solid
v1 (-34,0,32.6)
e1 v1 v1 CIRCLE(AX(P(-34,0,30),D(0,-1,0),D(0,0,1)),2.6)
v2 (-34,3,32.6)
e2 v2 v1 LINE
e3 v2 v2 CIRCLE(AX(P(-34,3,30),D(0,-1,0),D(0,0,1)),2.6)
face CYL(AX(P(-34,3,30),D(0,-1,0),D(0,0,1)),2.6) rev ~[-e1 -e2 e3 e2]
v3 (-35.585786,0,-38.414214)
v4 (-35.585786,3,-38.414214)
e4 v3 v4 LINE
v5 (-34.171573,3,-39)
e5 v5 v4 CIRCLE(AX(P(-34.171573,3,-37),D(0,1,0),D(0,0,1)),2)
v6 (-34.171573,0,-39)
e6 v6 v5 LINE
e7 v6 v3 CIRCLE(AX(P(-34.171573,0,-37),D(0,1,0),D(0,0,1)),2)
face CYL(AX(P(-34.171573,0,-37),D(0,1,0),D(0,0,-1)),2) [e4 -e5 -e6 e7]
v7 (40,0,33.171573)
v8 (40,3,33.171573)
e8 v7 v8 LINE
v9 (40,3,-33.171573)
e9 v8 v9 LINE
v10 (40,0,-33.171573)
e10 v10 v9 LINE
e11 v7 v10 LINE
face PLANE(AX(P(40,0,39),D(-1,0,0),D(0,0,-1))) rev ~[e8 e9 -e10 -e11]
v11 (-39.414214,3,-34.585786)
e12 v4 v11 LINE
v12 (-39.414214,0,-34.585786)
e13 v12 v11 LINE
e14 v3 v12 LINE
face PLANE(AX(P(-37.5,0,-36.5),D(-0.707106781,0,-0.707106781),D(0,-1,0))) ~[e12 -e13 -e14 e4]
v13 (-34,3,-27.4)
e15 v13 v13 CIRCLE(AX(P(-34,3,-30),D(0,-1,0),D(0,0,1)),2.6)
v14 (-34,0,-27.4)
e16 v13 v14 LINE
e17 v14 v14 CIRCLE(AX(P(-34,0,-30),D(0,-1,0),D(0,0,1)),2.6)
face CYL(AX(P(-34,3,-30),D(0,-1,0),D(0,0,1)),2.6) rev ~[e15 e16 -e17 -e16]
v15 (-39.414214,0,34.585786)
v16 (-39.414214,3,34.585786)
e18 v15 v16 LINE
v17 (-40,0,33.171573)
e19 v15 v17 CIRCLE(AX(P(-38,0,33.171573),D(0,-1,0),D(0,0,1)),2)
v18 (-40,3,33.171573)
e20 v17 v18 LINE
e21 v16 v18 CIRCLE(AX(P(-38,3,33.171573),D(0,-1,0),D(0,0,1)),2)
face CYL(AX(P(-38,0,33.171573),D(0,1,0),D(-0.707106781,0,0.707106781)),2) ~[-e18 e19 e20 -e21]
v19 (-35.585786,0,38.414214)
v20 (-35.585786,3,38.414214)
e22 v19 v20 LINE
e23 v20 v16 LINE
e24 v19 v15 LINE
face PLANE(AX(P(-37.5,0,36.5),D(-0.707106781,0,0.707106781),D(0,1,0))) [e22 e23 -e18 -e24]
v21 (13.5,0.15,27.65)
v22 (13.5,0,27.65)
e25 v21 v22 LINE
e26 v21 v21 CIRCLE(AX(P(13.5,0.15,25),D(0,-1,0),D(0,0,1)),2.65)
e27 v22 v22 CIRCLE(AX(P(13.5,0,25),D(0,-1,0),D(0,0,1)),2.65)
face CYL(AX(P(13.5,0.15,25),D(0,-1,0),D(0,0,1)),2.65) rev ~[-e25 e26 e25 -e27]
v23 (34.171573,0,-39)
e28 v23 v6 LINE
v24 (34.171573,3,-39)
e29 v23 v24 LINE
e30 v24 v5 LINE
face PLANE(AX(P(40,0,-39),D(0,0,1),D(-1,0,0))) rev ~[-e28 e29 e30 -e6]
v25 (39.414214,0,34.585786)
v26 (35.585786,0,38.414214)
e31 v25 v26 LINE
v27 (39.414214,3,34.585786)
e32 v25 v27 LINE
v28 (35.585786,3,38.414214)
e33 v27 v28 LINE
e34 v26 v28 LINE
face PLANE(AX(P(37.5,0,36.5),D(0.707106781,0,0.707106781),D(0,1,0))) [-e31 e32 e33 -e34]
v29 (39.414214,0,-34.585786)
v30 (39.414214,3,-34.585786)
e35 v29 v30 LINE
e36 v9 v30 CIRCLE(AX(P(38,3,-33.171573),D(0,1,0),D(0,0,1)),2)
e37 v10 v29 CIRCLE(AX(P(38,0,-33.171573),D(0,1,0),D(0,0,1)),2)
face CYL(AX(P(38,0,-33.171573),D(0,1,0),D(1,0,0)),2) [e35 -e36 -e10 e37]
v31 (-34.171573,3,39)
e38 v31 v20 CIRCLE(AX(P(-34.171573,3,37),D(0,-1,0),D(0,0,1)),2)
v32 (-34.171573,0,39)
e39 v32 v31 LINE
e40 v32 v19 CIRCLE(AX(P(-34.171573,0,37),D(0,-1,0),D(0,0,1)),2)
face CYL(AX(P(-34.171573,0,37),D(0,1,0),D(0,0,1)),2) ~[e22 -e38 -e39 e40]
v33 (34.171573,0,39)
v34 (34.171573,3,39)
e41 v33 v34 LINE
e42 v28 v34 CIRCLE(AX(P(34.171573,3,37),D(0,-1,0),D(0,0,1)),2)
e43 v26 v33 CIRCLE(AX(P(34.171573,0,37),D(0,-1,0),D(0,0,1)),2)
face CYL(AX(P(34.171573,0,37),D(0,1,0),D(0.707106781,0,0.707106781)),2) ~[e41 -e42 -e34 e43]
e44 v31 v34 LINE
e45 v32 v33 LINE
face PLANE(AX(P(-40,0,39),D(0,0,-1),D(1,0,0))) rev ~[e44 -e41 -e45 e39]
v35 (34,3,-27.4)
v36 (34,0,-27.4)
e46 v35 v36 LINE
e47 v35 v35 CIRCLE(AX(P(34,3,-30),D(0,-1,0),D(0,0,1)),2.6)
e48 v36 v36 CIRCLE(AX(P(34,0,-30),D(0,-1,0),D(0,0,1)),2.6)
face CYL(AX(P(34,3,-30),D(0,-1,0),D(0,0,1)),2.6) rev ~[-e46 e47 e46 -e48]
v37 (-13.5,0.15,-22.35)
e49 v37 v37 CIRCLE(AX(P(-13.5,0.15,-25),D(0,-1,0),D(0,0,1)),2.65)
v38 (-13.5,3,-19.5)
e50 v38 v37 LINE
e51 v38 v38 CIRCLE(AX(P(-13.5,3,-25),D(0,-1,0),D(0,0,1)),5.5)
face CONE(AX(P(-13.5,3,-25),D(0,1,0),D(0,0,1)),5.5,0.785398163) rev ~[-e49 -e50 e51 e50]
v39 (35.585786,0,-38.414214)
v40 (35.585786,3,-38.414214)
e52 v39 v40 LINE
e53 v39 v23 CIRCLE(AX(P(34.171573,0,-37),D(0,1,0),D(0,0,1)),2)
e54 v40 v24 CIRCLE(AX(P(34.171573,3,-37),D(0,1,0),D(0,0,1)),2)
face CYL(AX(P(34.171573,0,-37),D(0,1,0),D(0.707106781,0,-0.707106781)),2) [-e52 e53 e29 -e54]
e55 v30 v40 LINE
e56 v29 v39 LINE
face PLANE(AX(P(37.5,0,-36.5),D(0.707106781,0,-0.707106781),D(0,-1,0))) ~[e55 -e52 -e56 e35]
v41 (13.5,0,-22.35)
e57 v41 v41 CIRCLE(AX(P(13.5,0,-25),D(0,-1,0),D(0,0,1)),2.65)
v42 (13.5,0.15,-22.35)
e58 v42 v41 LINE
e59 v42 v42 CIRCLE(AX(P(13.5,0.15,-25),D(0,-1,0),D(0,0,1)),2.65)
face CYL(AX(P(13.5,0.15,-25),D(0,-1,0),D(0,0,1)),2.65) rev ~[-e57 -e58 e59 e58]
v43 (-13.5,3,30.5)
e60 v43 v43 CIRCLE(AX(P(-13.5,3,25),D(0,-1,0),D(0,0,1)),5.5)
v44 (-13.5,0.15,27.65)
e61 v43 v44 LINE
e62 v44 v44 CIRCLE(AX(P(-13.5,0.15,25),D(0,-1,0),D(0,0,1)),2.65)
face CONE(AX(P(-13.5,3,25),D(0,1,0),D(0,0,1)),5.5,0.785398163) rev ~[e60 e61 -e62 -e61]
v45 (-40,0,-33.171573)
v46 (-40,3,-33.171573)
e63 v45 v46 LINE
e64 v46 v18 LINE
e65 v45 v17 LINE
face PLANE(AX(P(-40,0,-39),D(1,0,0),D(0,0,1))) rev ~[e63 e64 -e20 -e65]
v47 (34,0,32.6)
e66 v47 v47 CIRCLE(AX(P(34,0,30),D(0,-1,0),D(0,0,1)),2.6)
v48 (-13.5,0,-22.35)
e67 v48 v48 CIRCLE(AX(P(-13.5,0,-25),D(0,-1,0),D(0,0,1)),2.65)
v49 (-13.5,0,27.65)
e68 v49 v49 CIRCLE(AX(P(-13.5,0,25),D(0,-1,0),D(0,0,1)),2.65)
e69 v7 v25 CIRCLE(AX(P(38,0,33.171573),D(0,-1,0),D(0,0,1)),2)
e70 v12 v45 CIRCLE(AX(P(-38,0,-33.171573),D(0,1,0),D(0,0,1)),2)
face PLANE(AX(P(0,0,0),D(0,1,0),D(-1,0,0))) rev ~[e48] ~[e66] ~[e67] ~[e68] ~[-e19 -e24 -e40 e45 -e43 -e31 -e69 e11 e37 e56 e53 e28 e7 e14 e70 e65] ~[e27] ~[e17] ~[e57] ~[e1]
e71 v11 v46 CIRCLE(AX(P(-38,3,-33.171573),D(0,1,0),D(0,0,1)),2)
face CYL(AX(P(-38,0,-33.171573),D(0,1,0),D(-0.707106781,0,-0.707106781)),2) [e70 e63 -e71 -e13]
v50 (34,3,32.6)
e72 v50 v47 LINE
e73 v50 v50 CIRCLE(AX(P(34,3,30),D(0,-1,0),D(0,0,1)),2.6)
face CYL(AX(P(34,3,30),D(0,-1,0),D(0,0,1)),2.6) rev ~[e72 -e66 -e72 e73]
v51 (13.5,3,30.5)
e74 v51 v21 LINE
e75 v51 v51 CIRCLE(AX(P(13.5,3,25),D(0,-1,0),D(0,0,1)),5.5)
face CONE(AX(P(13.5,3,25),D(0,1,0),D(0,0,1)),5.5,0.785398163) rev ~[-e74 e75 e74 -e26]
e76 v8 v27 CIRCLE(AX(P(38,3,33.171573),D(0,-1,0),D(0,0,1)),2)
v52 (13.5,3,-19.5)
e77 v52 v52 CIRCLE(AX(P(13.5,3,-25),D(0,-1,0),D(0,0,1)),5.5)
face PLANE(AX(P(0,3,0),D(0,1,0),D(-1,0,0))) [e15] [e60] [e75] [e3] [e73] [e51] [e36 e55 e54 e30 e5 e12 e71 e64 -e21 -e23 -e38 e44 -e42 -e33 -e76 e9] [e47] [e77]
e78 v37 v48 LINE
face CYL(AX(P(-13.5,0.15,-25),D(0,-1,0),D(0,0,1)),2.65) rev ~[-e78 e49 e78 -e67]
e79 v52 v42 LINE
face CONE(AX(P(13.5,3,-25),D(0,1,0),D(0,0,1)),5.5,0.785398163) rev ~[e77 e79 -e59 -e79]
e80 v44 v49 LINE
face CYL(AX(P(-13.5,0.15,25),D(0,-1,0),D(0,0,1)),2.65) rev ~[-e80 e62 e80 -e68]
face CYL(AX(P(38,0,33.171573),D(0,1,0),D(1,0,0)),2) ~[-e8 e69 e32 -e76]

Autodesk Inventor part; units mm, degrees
ref_plane "YZ Plane" through (0, 0, 0) normal (1, 0, 0) x (0, 1, 0)
ref_plane "XZ Plane" through (0, 0, 0) normal (0, 1, 0) x (-1, 0, 0)
ref_plane "XY Plane" through (0, 0, 0) normal (0, 0, 1) x (1, 0, 0)
sketch "スケッチ1" plane through (0, 0, 0) normal (0, 1, 0) x (-1, 0, 0)
  line L0 (-40, -39) -> (40, -39)
  line L1 (40, -39) -> (40, 39)
  line L2 (40, 39) -> (-40, 39)
  line L3 (-40, 39) -> (-40, -39)
  line L4 (-40, -39) -> (40, 39) construction
  line L5 (40, -39) -> (-40, 39) construction
  point P0 (0, 0)
  dimension "d0" = 80
  dimension "d1" = 78
extrude "押し出し1" add sketch "スケッチ1" along normal blind 3
sketch "スケッチ2" plane through (0, 3, 0) normal (0, 1, 0) x (1, 0, 0)
  line L0 (34, 30) -> (-34, 30)
  line L1 (-34, 30) -> (-34, -30)
  line L2 (-34, -30) -> (34, -30)
  line L3 (34, -30) -> (34, 30)
  line L4 (34, 30) -> (-34, -30) construction
  line L5 (-34, 30) -> (34, -30) construction
  point P0 (0, 0)
  dimension "d4" = 68
  dimension "d5" = 60
hole "穴1" at (-34, 3, 30) at (34, 3, 30) at (34, 3, -30) at (-34, 3, -30) direction (0, -1, 0) diameter 5.2 depth 8 tip angle 118
sketch "スケッチ3" plane through (0, 3, 0) normal (0, 1, 0) x (1, 0, 0)
  line L0 (13.5, 25) -> (-13.5, 25)
  line L1 (-13.5, 25) -> (-13.5, -25)
  line L2 (-13.5, -25) -> (13.5, -25)
  line L3 (13.5, -25) -> (13.5, 25)
  line L4 (13.5, 25) -> (-13.5, -25) construction
  line L5 (-13.5, 25) -> (13.5, -25) construction
  point P0 (0, 0)
  dimension "d13" = 27
  dimension "d14" = 50
hole "穴2" at (-13.5, 3, 25) at (13.5, 3, 25) at (13.5, 3, -25) at (-13.5, 3, -25) direction (0, -1, 0) diameter 5.3 depth 8 tip angle 118 countersink diameter 11 countersink angle 90
chamfer "面取り1" distance 5 angle 45 4 edges at (-40, 1.5, 39) (40, 1.5, 39) (40, 1.5, -39) (-40, 1.5, -39)
fillet "フィレット3" radius 2 8 edges at (-35, 1.5, 39) (35, 1.5, 39) (40, 1.5, 34) (40, 1.5, -34) (35, 1.5, -39) (-40, 1.5, -34) (-35, 1.5, -39) (-40, 1.5, 34)
properties part number "CCM_Mount_A"
